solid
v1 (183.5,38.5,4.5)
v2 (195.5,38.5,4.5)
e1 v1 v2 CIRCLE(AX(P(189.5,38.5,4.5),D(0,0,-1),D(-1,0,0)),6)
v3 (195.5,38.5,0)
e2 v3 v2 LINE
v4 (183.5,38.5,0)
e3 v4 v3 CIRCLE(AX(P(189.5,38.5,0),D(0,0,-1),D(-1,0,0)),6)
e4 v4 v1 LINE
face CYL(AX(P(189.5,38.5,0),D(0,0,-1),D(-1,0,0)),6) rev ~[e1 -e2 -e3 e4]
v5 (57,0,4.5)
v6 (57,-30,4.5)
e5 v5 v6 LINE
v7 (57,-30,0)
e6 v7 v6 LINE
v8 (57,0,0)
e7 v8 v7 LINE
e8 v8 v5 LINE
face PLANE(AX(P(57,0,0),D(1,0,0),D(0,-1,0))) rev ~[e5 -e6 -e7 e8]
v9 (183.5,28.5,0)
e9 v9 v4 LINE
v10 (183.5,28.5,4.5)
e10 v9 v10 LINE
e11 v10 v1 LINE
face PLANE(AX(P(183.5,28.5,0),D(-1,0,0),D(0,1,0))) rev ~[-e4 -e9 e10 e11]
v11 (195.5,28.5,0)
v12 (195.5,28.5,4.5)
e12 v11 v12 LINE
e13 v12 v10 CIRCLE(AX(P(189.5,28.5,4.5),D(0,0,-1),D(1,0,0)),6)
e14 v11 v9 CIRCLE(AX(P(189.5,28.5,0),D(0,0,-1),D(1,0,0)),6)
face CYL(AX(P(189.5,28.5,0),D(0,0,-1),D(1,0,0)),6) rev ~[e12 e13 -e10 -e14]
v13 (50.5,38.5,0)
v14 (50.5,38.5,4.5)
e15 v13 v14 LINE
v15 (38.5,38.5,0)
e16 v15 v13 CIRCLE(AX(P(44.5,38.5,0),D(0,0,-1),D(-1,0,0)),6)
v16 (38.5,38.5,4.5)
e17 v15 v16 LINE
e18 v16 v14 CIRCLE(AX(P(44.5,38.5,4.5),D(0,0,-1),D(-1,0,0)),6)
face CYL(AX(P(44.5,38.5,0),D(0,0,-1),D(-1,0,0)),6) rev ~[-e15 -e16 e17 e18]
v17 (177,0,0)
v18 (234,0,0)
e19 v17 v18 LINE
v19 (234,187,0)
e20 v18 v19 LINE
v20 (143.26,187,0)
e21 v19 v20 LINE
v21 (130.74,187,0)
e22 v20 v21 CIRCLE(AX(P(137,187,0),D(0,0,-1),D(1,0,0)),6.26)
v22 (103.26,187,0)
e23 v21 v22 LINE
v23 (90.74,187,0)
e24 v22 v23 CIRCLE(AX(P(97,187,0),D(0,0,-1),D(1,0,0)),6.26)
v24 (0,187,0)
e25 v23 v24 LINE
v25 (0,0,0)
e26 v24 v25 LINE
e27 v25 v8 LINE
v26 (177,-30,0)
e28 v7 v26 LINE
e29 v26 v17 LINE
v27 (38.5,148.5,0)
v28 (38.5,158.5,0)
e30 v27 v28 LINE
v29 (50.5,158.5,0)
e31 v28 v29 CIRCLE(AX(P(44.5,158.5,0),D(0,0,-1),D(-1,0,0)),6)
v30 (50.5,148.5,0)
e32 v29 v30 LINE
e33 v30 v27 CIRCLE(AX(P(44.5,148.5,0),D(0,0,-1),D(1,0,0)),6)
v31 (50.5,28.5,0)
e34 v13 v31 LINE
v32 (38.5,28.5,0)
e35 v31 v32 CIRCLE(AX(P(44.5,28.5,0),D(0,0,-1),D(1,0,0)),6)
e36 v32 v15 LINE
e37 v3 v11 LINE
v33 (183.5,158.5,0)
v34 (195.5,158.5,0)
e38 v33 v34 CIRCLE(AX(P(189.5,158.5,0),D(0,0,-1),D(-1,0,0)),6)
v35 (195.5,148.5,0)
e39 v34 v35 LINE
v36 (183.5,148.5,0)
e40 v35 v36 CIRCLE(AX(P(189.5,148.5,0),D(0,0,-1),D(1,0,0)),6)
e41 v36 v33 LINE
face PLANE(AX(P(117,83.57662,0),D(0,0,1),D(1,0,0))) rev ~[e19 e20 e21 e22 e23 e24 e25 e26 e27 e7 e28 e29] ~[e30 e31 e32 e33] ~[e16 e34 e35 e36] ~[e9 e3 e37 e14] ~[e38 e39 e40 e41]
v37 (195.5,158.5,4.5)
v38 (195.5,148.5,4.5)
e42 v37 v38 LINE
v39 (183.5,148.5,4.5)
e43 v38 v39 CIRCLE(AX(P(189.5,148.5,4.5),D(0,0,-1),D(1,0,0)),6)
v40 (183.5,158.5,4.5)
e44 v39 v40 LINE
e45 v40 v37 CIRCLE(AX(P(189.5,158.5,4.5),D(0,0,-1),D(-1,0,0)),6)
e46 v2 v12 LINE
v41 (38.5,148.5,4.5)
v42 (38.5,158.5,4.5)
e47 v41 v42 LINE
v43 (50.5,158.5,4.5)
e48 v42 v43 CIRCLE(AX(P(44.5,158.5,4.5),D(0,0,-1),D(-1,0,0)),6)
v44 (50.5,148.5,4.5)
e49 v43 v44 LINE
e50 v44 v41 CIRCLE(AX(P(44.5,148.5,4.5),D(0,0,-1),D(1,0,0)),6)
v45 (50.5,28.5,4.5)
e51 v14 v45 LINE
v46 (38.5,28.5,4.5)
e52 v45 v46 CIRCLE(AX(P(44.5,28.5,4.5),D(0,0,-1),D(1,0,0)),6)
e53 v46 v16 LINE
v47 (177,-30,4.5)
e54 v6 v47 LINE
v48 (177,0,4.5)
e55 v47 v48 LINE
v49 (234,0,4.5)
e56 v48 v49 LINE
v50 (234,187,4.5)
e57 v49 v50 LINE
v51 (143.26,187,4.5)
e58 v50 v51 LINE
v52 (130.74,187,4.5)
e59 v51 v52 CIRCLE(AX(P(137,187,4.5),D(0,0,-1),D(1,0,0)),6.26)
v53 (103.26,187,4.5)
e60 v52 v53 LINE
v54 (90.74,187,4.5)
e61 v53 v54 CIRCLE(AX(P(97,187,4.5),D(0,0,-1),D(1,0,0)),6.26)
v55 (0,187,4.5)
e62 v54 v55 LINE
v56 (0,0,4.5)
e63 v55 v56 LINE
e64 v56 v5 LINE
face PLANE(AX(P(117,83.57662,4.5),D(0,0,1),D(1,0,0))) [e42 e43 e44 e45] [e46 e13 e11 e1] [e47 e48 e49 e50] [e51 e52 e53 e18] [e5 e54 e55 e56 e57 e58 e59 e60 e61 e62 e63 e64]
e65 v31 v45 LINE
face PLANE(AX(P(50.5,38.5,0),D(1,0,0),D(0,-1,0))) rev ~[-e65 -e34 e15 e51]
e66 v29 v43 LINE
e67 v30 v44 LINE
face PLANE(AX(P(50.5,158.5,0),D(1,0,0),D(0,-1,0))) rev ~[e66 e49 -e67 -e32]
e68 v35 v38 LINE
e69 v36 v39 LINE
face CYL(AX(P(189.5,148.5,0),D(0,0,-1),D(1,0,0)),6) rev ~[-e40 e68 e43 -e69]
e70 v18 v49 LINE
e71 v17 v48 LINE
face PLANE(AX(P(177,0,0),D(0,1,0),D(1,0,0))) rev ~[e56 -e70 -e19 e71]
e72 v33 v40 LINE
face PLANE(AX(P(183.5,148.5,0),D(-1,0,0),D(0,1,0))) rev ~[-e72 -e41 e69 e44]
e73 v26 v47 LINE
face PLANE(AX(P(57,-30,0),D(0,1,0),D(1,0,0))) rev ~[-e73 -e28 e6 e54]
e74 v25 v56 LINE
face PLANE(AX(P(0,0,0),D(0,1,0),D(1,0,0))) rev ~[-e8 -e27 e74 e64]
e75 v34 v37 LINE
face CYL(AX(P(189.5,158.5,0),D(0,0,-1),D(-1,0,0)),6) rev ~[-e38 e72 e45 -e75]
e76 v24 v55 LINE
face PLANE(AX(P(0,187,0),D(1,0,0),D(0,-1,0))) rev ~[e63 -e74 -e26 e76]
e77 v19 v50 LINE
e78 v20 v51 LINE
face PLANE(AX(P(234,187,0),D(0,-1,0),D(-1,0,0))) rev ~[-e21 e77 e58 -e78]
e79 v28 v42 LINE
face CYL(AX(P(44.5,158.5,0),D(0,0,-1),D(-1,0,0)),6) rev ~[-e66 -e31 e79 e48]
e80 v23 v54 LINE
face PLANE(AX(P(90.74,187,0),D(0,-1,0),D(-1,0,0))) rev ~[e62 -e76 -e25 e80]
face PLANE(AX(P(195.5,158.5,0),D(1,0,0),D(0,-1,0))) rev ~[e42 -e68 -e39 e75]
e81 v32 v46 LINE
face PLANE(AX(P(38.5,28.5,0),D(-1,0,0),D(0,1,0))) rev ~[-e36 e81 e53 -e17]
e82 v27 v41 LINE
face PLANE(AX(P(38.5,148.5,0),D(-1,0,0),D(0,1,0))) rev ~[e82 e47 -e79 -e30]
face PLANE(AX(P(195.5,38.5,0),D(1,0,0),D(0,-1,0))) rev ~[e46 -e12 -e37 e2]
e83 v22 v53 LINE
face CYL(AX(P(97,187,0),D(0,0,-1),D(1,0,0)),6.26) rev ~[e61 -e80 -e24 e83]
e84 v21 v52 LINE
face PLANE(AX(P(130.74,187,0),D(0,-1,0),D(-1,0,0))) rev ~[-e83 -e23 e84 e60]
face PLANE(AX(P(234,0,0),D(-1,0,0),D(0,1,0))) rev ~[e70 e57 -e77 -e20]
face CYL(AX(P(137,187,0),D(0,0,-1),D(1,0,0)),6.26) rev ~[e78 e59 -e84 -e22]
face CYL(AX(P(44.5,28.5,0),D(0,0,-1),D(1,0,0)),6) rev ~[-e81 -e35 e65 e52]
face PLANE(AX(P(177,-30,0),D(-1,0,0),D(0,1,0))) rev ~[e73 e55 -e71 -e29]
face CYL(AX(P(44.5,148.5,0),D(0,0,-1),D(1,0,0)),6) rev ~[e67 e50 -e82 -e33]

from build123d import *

# Parameters (mm, degrees)
F1_DEPTH = 4.5


with BuildPart() as f1:
    # F0 (on Top) → F1 (new body)
    with BuildSketch(Plane.XY):
        with BuildLine():
            Line((0, 187), (0, 0))
            Line((0, 0), (57, 0))
            Line((57, 0), (57, -30))
            Line((57, -30), (177, -30))
            Line((177, -30), (177, 0))
            Line((177, 0), (234, 0))
            Line((234, 0), (234, 187))
            Line((234, 187), (143.26, 187))
            ThreePointArc((143.26, 187), (137, 180.74), (130.74, 187))
            Line((130.74, 187), (103.26, 187))
            ThreePointArc((103.26, 187), (97, 180.74), (90.74, 187))
            Line((90.74, 187), (0, 187))
        make_face()
        with BuildLine():
            ThreePointArc((50.5, 28.5), (44.5, 22.5), (38.5, 28.5))
            Line((38.5, 28.5), (38.5, 38.5))
            ThreePointArc((38.5, 38.5), (44.5, 44.5), (50.5, 38.5))
            Line((50.5, 38.5), (50.5, 28.5))
        make_face(mode=Mode.SUBTRACT)
        with BuildLine():
            ThreePointArc((195.5, 28.5), (189.5, 22.5), (183.5, 28.5))
            Line((183.5, 28.5), (183.5, 38.5))
            ThreePointArc((183.5, 38.5), (189.5, 44.5), (195.5, 38.5))
            Line((195.5, 38.5), (195.5, 28.5))
        make_face(mode=Mode.SUBTRACT)
        with BuildLine():
            ThreePointArc((50.5, 148.5), (44.5, 142.5), (38.5, 148.5))
            Line((38.5, 148.5), (38.5, 158.5))
            ThreePointArc((38.5, 158.5), (44.5, 164.5), (50.5, 158.5))
            Line((50.5, 158.5), (50.5, 148.5))
        make_face(mode=Mode.SUBTRACT)
        with BuildLine():
            ThreePointArc((195.5, 148.5), (189.5, 142.5), (183.5, 148.5))
            Line((183.5, 148.5), (183.5, 158.5))
            ThreePointArc((183.5, 158.5), (189.5, 164.5), (195.5, 158.5))
            Line((195.5, 158.5), (195.5, 148.5))
        make_face(mode=Mode.SUBTRACT)
    extrude(amount=F1_DEPTH)


solid = f1.part
